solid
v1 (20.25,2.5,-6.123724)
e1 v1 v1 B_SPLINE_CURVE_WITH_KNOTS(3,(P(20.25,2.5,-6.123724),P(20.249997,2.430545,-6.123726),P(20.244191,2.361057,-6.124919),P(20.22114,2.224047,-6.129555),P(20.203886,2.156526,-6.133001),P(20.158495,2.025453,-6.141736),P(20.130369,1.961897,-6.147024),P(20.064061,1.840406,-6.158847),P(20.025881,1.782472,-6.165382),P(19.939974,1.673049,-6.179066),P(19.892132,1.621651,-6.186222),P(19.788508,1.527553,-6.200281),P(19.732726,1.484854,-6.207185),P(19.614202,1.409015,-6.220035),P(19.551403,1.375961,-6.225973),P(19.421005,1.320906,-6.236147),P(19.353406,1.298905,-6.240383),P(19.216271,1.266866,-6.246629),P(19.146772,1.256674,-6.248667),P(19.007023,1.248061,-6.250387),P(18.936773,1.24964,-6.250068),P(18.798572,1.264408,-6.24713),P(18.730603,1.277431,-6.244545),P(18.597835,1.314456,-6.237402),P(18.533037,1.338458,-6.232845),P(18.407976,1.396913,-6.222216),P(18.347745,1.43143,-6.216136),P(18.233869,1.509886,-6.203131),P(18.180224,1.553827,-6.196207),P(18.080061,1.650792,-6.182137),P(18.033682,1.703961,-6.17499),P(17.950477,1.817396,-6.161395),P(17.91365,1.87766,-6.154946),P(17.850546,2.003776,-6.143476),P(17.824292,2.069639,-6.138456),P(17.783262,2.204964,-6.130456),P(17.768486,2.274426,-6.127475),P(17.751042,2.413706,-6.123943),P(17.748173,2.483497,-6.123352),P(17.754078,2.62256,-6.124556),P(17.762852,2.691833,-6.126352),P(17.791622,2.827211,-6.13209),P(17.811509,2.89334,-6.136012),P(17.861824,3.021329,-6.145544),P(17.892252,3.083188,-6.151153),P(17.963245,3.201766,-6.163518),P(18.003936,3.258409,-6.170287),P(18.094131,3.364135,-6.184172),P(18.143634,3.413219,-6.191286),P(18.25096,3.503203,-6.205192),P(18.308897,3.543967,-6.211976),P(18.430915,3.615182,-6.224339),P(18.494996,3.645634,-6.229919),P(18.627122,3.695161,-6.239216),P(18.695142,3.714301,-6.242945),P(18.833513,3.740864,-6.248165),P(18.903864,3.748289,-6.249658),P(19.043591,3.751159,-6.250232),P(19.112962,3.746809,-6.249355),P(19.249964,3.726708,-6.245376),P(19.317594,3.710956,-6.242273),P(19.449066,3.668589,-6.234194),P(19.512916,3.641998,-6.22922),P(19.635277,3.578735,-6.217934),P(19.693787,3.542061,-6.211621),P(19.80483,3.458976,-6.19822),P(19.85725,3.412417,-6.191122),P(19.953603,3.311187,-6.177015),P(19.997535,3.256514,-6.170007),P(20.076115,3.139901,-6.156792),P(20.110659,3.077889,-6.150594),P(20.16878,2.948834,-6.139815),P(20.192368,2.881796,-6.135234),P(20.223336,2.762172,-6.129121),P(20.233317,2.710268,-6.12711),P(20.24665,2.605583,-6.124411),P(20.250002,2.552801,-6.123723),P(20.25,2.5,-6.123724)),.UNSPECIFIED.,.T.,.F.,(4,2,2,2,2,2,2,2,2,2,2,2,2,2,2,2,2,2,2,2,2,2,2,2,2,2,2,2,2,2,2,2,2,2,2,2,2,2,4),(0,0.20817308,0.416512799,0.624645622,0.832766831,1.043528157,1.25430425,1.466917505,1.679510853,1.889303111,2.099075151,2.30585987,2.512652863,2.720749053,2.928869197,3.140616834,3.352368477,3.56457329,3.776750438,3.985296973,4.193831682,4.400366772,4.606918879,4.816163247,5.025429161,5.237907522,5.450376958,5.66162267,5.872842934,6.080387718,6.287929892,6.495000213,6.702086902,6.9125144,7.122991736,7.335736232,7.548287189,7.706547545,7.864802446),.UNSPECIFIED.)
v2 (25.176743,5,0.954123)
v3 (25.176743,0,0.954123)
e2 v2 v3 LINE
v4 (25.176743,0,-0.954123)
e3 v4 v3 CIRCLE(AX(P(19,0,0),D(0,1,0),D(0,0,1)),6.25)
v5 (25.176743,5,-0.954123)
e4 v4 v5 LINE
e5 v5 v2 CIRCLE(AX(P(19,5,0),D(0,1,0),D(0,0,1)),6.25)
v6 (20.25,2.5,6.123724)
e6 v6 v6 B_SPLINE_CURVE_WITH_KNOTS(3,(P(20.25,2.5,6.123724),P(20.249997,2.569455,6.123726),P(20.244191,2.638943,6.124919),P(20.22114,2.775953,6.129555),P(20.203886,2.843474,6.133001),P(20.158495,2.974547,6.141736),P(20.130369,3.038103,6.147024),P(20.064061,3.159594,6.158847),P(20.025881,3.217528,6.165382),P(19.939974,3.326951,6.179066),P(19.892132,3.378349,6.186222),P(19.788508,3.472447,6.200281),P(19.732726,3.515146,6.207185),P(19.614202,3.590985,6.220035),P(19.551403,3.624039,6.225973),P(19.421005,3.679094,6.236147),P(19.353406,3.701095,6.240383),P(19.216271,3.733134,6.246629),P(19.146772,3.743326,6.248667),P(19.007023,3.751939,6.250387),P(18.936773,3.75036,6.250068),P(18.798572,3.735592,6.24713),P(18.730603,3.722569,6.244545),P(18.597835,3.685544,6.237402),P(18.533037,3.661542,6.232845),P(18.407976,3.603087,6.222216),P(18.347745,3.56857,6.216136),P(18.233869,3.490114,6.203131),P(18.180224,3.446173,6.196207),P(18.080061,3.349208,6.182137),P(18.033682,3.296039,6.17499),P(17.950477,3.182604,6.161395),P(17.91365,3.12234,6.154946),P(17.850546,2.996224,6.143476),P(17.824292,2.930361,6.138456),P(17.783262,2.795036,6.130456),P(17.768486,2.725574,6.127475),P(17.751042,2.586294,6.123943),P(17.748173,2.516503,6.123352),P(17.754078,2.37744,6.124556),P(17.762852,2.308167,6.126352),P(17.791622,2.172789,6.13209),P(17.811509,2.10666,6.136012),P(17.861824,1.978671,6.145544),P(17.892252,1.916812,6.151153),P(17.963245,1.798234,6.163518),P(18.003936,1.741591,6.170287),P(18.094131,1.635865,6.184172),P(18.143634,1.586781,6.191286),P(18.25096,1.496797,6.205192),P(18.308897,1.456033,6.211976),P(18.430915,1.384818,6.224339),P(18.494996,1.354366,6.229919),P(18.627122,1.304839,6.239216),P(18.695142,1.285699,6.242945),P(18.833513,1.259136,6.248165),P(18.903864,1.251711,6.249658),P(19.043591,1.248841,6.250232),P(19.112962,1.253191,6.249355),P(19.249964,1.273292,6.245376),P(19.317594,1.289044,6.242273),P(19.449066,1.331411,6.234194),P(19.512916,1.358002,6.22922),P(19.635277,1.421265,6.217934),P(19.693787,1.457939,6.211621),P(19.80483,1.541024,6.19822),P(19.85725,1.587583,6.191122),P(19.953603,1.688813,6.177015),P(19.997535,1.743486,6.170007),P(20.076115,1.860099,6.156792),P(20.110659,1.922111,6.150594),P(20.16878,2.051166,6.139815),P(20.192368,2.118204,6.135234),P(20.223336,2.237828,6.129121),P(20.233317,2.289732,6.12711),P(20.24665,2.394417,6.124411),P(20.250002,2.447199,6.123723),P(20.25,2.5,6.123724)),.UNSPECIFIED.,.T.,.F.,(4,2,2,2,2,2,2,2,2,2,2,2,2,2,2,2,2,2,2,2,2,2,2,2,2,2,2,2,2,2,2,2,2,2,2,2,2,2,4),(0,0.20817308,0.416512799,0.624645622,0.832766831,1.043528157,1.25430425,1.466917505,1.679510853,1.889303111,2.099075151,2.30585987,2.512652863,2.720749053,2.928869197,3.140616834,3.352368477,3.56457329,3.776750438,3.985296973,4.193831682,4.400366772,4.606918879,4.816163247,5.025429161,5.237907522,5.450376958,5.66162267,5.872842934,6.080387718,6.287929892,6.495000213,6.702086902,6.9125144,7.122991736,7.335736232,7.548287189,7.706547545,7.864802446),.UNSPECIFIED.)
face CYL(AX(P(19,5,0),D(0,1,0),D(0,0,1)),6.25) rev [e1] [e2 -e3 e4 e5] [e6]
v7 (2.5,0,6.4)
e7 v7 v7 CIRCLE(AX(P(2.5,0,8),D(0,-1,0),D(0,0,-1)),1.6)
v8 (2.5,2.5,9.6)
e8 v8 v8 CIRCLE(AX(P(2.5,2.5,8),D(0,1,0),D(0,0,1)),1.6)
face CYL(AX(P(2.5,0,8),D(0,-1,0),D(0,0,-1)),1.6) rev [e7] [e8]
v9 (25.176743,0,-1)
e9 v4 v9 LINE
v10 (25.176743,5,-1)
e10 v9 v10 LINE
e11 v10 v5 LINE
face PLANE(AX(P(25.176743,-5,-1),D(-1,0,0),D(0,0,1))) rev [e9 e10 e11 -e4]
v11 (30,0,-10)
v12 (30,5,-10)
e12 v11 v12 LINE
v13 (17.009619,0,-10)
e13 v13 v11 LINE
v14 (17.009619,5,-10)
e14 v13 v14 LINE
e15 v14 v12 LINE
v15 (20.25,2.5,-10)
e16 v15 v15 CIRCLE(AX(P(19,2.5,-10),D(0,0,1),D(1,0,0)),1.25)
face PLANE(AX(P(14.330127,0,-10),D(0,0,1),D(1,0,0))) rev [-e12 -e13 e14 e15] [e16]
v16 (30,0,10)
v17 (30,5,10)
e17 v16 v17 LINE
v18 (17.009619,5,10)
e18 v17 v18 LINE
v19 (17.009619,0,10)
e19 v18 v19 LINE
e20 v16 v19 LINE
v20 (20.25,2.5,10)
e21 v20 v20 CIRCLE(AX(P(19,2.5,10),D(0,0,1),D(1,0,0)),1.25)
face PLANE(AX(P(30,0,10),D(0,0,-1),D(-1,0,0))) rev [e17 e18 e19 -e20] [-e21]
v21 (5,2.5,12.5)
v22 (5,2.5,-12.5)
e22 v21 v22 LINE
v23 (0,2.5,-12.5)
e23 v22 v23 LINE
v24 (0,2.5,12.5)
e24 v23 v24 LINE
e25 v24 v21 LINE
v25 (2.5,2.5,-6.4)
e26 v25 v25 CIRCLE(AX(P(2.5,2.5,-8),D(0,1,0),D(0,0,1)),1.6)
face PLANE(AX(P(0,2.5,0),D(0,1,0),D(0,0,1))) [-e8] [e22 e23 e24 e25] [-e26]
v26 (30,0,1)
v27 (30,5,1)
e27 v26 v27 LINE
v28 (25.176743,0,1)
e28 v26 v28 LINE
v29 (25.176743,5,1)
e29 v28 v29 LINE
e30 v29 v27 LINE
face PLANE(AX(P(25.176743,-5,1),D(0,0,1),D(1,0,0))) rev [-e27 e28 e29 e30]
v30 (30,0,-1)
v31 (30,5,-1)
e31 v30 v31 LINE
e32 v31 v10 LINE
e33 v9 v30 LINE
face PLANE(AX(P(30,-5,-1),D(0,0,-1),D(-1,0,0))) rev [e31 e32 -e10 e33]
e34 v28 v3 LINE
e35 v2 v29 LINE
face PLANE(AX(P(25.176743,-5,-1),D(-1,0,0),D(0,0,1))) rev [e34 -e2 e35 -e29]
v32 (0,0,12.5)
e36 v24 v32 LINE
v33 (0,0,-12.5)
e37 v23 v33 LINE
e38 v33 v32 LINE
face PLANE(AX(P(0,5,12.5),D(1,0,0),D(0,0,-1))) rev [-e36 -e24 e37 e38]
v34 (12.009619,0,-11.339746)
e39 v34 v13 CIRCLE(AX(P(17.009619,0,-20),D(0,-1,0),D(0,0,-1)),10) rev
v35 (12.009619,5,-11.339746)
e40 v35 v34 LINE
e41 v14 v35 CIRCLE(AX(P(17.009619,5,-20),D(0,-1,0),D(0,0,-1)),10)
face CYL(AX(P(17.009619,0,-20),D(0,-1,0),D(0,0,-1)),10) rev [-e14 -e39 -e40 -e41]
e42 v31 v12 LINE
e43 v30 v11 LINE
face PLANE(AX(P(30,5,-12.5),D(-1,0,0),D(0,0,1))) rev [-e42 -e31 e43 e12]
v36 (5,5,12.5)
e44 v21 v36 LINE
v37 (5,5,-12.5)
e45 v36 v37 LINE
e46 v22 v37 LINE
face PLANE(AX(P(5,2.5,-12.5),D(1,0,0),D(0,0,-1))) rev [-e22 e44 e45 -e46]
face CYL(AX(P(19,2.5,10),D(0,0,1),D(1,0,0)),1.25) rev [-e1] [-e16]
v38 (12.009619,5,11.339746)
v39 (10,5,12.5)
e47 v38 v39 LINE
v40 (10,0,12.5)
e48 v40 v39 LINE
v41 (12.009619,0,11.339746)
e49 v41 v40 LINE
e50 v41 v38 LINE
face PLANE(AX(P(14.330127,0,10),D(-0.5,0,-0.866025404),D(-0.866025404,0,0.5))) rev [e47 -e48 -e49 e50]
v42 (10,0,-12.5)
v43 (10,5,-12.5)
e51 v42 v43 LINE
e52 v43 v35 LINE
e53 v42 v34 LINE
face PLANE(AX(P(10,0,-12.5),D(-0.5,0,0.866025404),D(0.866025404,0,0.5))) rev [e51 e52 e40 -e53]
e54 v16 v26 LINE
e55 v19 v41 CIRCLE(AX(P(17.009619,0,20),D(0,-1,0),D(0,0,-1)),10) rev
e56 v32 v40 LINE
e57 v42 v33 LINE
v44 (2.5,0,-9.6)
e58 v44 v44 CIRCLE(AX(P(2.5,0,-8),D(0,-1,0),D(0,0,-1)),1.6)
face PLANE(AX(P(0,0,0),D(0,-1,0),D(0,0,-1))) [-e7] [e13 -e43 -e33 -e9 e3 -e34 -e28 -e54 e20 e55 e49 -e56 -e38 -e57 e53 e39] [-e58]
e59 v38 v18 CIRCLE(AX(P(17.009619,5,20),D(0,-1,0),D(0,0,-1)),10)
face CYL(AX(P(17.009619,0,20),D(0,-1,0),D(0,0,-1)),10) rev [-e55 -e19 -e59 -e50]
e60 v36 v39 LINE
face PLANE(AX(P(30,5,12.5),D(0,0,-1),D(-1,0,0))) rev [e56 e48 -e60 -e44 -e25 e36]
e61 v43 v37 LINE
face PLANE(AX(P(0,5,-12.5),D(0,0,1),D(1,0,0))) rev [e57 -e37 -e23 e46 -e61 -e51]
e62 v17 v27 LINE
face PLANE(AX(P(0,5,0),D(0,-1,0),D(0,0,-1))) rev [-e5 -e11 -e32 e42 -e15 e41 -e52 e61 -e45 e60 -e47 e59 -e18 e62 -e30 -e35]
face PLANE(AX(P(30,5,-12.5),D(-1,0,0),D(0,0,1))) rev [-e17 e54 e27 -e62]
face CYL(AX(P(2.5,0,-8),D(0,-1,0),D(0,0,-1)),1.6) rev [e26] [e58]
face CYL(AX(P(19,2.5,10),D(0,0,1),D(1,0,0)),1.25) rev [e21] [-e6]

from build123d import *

# Parameters (mm, degrees)
SKIZZE1_W                              = 30
SKIZZE1_H                              = 25
AUFSATZ_LINEAR_AUSTRAGEN1_DEPTH        = 5
SKIZZE2_W                              = 5
SKIZZE2_H                              = 25
SCHNITT_LINEAR_AUSTRAGEN1_DEPTH        = 2.5
F_12_5_12_5_DURCHMESSER_BOHRUNG1_D     = 12.5
F_12_5_12_5_DURCHMESSER_BOHRUNG1_DEPTH = 5
F_12_5_12_5_DURCHMESSER_BOHRUNG1_TIP   = 3.755378869
DURCHGANGSLOCH_F_R_M31_D               = 3.2
DURCHGANGSLOCH_F_R_M31_DEPTH           = 5
DURCHGANGSLOCH_F_R_M31_TIP             = 0.96137699
SCHNITT_LINEAR_AUSTRAGEN2_DEPTH        = 33.882366095
SKIZZE8_W                              = 4.823257392
SKIZZE8_H                              = 2
SCHNITT_LINEAR_AUSTRAGEN3_DEPTH        = 10
VERRUNDUNG1_R                          = 10
M3_GEWINDEBOHRUNG2_D                   = 2.5


with BuildPart() as part:
    # Skizze1 → Aufsatz-Linear austragen1 (new body)
    with BuildSketch(Plane(origin=(0, 0, 0), x_dir=(1, 0, 0), z_dir=(0, 1, 0))):
        with Locations((15, 0)):
            Rectangle(SKIZZE1_W, SKIZZE1_H)
    extrude(amount=AUFSATZ_LINEAR_AUSTRAGEN1_DEPTH)

    # Skizze2 → Schnitt-Linear austragen1 (cut)
    with BuildSketch(Plane(origin=(0, 5, 0), x_dir=(1, 0, 0), z_dir=(0, 1, 0))):
        with Locations((2.5, 0)):
            Rectangle(SKIZZE2_W, SKIZZE2_H)
    extrude(amount=-SCHNITT_LINEAR_AUSTRAGEN1_DEPTH, mode=Mode.SUBTRACT)

    # Ø12.5 (12.5) Durchmesser Bohrung1
    with Locations(Plane(origin=(0, 5, 0), x_dir=(1, 0, 0), z_dir=(0, 1, 0))):
        with Locations((19, 0)):
            Hole(F_12_5_12_5_DURCHMESSER_BOHRUNG1_D / 2, depth=F_12_5_12_5_DURCHMESSER_BOHRUNG1_DEPTH)
            with Locations((0, 0, -(F_12_5_12_5_DURCHMESSER_BOHRUNG1_DEPTH + F_12_5_12_5_DURCHMESSER_BOHRUNG1_TIP / 2))):  # 118° drill point
                Cone(0, F_12_5_12_5_DURCHMESSER_BOHRUNG1_D / 2, F_12_5_12_5_DURCHMESSER_BOHRUNG1_TIP, mode=Mode.SUBTRACT)

    # Durchgangsloch für M31
    with Locations(Plane(origin=(0, 0, 0), x_dir=(-1, 0, 0), z_dir=(0, -1, 0))):
        with Locations((-2.5, 8), (-2.5, -8)):
            Hole(DURCHGANGSLOCH_F_R_M31_D / 2, depth=DURCHGANGSLOCH_F_R_M31_DEPTH)
            with Locations((0, 0, -(DURCHGANGSLOCH_F_R_M31_DEPTH + DURCHGANGSLOCH_F_R_M31_TIP / 2))):  # 118° drill point
                Cone(0, DURCHGANGSLOCH_F_R_M31_D / 2, DURCHGANGSLOCH_F_R_M31_TIP, mode=Mode.SUBTRACT)

    # Skizze7 → Schnitt-Linear austragen2 (cut, through all)
    with BuildSketch(Plane(origin=(0, 5, 0), x_dir=(1, 0, 0), z_dir=(0, 1, 0))):
        Polygon((10, 12.5), (14.330127019, 10), (30, 10), (30, 12.5), align=None)
        Polygon((30, -10), (14.330127019, -10), (10, -12.5), (30, -12.5), align=None)
    extrude(amount=-SCHNITT_LINEAR_AUSTRAGEN2_DEPTH, mode=Mode.SUBTRACT)

    # Skizze8 → Schnitt-Linear austragen3 (cut)
    with BuildSketch(Plane(origin=(0, 5, 0), x_dir=(1, 0, 0), z_dir=(0, 1, 0))):
        with Locations((27.588371304, 0)):
            Rectangle(SKIZZE8_W, SKIZZE8_H)
    extrude(amount=-SCHNITT_LINEAR_AUSTRAGEN3_DEPTH, mode=Mode.SUBTRACT)

    # Verrundung1
    verrundung1_edges = [part.edges().sort_by_distance(p)[0] for p in [
        (14.330127019, 2.5, -10),
        (14.330127019, 2.5, 10),
    ]]
    fillet(verrundung1_edges, radius=VERRUNDUNG1_R)

    # M3 Gewindebohrung2 (through all)
    with Locations(Plane.XY.offset(10)):
        with Locations((19, 2.5)):
            Hole(M3_GEWINDEBOHRUNG2_D / 2)


solid = part.part
